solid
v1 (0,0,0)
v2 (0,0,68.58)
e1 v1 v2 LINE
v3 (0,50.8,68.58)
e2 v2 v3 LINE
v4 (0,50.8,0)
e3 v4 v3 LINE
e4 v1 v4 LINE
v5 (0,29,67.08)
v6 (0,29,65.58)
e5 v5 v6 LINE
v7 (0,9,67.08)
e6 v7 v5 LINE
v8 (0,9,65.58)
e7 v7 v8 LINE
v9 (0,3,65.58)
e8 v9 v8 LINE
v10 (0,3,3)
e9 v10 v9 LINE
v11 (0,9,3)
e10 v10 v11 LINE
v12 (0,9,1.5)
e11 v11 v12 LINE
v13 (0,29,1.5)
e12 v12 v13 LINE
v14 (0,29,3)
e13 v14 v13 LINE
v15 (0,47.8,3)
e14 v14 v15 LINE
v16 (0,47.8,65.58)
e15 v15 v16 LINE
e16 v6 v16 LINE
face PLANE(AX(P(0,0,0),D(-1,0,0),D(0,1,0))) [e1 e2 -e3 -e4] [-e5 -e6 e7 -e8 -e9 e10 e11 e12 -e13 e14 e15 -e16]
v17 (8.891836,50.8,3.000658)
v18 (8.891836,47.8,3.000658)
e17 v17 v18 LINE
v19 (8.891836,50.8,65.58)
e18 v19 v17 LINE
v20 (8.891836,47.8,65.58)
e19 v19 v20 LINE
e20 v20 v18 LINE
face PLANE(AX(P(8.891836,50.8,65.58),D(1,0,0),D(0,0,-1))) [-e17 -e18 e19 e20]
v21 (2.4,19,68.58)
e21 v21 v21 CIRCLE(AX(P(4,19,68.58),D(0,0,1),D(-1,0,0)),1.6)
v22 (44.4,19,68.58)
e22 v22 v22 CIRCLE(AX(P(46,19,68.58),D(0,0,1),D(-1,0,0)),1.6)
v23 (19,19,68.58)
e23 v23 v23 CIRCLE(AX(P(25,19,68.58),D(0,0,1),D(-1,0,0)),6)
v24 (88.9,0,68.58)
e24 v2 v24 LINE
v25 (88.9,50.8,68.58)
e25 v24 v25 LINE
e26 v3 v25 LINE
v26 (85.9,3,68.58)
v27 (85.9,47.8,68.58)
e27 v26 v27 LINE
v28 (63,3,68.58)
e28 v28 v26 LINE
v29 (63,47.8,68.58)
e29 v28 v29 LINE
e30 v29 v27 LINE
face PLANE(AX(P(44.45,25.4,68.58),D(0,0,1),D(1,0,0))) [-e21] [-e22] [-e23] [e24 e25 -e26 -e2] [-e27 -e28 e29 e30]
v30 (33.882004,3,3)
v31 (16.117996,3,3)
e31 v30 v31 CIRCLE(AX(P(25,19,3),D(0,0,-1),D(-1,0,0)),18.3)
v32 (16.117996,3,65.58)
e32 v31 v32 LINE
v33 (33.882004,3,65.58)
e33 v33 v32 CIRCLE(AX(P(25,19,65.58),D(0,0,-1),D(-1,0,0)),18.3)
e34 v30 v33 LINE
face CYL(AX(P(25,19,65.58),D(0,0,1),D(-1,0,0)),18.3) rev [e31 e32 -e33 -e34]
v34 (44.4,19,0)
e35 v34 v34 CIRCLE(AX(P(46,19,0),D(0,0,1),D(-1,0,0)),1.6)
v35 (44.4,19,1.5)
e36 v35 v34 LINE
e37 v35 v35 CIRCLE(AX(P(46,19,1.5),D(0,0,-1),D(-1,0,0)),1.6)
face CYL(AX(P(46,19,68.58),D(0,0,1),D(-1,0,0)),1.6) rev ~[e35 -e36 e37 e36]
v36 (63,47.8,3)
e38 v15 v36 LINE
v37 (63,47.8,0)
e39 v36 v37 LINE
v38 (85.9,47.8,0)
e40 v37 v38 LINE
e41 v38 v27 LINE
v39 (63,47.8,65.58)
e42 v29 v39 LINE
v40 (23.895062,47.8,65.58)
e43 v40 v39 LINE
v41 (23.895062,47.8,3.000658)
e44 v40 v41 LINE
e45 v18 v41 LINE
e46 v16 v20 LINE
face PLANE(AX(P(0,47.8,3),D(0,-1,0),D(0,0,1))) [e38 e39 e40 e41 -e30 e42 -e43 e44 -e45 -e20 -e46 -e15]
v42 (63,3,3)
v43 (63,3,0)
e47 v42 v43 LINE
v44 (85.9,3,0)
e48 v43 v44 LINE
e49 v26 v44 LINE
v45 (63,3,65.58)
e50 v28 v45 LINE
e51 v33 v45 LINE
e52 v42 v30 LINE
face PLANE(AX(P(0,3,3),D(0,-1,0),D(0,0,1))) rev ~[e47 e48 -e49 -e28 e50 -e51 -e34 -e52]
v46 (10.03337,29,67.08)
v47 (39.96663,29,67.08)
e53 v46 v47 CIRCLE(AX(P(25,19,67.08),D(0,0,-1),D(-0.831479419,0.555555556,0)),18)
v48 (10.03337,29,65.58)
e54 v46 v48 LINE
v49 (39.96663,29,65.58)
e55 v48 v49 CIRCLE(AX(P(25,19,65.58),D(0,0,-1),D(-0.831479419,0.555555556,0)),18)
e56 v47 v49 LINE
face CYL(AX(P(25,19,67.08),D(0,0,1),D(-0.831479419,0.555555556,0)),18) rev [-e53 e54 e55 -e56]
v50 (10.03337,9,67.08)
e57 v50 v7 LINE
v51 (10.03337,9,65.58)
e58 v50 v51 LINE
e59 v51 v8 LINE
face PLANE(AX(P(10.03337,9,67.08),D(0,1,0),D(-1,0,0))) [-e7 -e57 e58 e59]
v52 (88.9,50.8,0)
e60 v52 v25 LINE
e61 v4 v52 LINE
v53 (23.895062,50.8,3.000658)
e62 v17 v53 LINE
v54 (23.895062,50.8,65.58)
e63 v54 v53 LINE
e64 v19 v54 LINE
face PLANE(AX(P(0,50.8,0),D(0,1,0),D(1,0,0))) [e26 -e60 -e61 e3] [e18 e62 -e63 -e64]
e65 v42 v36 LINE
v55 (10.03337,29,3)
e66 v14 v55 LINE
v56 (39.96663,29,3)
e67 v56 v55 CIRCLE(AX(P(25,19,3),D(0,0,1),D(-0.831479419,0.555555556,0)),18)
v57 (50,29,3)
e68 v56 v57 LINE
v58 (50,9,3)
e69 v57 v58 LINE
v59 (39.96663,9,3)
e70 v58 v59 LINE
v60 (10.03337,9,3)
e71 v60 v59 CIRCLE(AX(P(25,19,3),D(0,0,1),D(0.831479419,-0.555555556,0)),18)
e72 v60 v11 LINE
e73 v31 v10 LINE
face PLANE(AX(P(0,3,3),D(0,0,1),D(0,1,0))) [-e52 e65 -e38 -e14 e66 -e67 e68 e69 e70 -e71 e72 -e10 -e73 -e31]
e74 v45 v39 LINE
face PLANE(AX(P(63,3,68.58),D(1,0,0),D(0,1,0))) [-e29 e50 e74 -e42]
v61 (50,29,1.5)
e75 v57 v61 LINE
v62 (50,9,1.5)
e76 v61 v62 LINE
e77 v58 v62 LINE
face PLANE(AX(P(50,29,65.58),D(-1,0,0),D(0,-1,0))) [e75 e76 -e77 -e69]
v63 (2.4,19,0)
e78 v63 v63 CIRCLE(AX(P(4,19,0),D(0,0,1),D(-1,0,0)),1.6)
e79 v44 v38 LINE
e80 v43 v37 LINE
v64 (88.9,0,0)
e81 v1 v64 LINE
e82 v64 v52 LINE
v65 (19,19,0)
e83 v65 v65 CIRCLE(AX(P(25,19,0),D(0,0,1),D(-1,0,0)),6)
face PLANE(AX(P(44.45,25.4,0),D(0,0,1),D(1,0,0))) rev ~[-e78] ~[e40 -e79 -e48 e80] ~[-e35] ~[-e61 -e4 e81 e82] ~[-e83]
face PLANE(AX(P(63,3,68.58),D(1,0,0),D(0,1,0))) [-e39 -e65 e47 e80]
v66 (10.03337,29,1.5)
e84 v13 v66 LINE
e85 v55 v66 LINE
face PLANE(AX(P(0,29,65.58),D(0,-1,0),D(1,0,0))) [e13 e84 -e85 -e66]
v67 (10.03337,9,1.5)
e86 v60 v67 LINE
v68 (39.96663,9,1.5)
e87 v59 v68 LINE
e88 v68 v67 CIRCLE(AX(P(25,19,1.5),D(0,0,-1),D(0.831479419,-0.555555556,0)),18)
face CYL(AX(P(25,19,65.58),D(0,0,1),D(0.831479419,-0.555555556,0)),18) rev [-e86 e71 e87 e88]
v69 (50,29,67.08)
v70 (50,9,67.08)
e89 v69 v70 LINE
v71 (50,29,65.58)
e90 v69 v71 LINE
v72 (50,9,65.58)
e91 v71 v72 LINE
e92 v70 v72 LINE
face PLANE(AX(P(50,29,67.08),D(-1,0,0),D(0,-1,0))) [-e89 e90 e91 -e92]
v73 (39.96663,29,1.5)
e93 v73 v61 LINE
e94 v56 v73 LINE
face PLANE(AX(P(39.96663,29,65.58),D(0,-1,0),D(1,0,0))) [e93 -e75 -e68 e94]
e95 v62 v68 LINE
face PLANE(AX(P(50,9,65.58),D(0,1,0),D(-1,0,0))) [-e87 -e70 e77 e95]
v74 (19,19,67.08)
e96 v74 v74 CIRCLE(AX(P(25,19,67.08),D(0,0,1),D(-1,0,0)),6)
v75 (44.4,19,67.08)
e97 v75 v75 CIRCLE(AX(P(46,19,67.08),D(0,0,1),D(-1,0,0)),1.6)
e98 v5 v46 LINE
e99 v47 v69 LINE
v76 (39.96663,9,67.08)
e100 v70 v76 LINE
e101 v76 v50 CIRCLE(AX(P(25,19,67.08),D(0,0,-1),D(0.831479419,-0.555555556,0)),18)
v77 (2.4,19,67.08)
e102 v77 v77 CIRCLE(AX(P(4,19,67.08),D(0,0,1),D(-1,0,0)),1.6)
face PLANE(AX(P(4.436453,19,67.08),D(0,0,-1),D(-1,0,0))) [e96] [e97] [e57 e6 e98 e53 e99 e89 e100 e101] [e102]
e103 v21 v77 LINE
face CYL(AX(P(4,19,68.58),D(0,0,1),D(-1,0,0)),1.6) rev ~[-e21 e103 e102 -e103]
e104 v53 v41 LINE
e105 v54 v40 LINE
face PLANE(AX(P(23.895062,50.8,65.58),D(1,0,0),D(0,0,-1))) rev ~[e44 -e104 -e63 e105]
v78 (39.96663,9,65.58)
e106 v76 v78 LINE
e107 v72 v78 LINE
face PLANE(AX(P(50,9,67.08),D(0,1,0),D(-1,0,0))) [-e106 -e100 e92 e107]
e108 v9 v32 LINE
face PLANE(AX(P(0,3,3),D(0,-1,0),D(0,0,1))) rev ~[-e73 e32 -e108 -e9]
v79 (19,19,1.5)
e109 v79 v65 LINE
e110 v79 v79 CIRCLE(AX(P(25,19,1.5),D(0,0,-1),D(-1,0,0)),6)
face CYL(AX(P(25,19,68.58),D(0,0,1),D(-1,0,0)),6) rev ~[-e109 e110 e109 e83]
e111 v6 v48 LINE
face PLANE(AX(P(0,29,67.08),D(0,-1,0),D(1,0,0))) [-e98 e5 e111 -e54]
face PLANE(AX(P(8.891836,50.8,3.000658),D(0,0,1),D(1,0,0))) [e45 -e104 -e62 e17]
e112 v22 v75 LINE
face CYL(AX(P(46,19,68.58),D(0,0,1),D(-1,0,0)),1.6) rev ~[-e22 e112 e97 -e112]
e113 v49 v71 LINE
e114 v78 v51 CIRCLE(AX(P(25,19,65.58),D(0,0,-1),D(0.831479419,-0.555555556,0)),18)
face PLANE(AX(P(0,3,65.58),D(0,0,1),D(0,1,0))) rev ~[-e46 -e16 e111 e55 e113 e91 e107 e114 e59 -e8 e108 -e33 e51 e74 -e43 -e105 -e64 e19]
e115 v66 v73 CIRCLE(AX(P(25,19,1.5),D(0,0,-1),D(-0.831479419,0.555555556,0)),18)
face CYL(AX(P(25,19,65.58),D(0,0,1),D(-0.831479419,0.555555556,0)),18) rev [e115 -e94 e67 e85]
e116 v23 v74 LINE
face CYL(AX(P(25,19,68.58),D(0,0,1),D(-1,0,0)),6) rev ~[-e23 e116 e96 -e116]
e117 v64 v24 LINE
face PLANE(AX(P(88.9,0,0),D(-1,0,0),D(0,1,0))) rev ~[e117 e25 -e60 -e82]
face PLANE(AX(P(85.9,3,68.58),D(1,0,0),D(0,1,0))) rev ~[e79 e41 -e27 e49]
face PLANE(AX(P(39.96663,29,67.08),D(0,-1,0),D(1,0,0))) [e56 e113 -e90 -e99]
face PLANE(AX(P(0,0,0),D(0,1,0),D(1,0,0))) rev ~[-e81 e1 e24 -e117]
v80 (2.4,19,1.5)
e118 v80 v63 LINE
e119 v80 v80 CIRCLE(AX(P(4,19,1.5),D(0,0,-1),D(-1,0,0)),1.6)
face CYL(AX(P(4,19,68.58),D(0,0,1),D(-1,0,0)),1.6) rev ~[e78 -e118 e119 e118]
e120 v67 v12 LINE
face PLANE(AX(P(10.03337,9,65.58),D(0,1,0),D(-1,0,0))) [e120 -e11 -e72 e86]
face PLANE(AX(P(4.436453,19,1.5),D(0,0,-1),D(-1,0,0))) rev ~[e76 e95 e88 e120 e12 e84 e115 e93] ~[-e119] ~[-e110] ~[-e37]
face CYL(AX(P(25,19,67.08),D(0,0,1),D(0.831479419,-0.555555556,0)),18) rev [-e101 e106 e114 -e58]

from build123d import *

# Parameters (mm, degrees)
SKETCH1_W           = 88.9
SKETCH1_H           = 50.8
BOSS_EXTRUDE1_DEPTH = 68.58
SHELL10_T           = 3
SKETCH4_W           = 62.58
SKETCH4_H           = 44.8
CUT_EXTRUDE2_DEPTH  = 10
SKETCH2_R           = 6
SKETCH2_R_2         = 1.6
SKETCH2_W           = 22.9
SKETCH2_H           = 44.8
CUT_EXTRUDE3_DEPTH  = 68.59
SKETCH5_R           = 18.3
CUT_EXTRUDE4_DEPTH  = 62.58
CUT_EXTRUDE7_START  = -1.5
SKETCH10_R          = 1.6
SKETCH10_R_2        = 6
CUT_EXTRUDE7_DEPTH  = 1.5
SKETCH10_8_R        = 1.6
SKETCH10_8_R_2      = 6
CUT_EXTRUDE8_DEPTH  = 64.08
SKETCH12_W          = 15.003225859
SKETCH12_H          = 62.579342489
CUT_EXTRUDE9_DEPTH  = 3


with BuildPart() as part:
    # Sketch1 → Boss-Extrude1 (new body)
    with BuildSketch(Plane.XY):
        with Locations((44.45, 25.4)):
            Rectangle(SKETCH1_W, SKETCH1_H)
    extrude(amount=BOSS_EXTRUDE1_DEPTH)

    # Shell10 (no face opened: a closed hollow body)
    add(offset(amount=-SHELL10_T, mode=Mode.PRIVATE), mode=Mode.SUBTRACT)

    # Sketch4 → Cut-Extrude2 (cut)
    with BuildSketch(Plane.ZY):
        with Locations((34.29, 25.4)):
            Rectangle(SKETCH4_W, SKETCH4_H)
    extrude(amount=-CUT_EXTRUDE2_DEPTH, mode=Mode.SUBTRACT)

    # Sketch2 → Cut-Extrude3 (cut)
    with BuildSketch(Plane.XY.offset(68.58)):
        with Locations((25, 19)):
            Circle(SKETCH2_R)
        with Locations((4, 19)):
            Circle(SKETCH2_R_2)
        with Locations((46, 19)):
            Circle(SKETCH2_R_2)
        with Locations((74.45, 25.4)):
            Rectangle(SKETCH2_W, SKETCH2_H)
    extrude(amount=-CUT_EXTRUDE3_DEPTH, mode=Mode.SUBTRACT)

    # Sketch5 → Cut-Extrude4 (cut)
    with BuildSketch(Plane(origin=(0, 0, 65.58), x_dir=(-1, 0, 0), z_dir=(0, 0, -1))):
        with Locations((-25, 19)):
            Circle(SKETCH5_R)
    extrude(amount=CUT_EXTRUDE4_DEPTH, mode=Mode.SUBTRACT)

    # Sketch10 → Cut-Extrude7 (cut)
    with BuildSketch(Plane(origin=(0, 0, 65.58), x_dir=(-1, 0, 0), z_dir=(0, 0, -1)).offset(CUT_EXTRUDE7_START)):
        with BuildLine():
            Line((-10.033370453, 9), (0, 9))
            Line((0, 9), (0, 29))
            Line((0, 29), (-10.033370453, 29))
            ThreePointArc((-10.033370453, 29), (-25, 37), (-39.966629547, 29))
            Line((-39.966629547, 29), (-50, 29))
            Line((-50, 29), (-50, 9))
            Line((-50, 9), (-39.966629547, 9))
            ThreePointArc((-39.966629547, 9), (-25, 1), (-10.033370453, 9))
        make_face()
        with Locations((-4, 19)):
            Circle(SKETCH10_R, mode=Mode.SUBTRACT)
        with Locations((-25, 19)):
            Circle(SKETCH10_R_2, mode=Mode.SUBTRACT)
        with Locations((-46, 19)):
            Circle(SKETCH10_R, mode=Mode.SUBTRACT)
    extrude(amount=CUT_EXTRUDE7_DEPTH, mode=Mode.SUBTRACT)

    # Sketch10<8> → Cut-Extrude8 (cut)
    with BuildSketch(Plane(origin=(0, 0, 65.58), x_dir=(-1, 0, 0), z_dir=(0, 0, -1))):
        with BuildLine():
            Line((-10.033370453, 9), (0, 9))
            Line((0, 9), (0, 29))
            Line((0, 29), (-10.033370453, 29))
            ThreePointArc((-10.033370453, 29), (-25, 37), (-39.966629547, 29))
            Line((-39.966629547, 29), (-50, 29))
            Line((-50, 29), (-50, 9))
            Line((-50, 9), (-39.966629547, 9))
            ThreePointArc((-39.966629547, 9), (-25, 1), (-10.033370453, 9))
        make_face()
        with Locations((-4, 19)):
            Circle(SKETCH10_8_R, mode=Mode.SUBTRACT)
        with Locations((-25, 19)):
            Circle(SKETCH10_8_R_2, mode=Mode.SUBTRACT)
        with Locations((-46, 19)):
            Circle(SKETCH10_8_R, mode=Mode.SUBTRACT)
    extrude(amount=CUT_EXTRUDE8_DEPTH, mode=Mode.SUBTRACT)

    # Sketch12 → Cut-Extrude9 (cut)
    with BuildSketch(Plane(origin=(0, 50.8, 0), x_dir=(1, 0, 0), z_dir=(0, 1, 0))):
        with Locations((16.393449041, -34.290328755)):
            Rectangle(SKETCH12_W, SKETCH12_H)
    extrude(amount=-CUT_EXTRUDE9_DEPTH, mode=Mode.SUBTRACT)


solid = part.part
